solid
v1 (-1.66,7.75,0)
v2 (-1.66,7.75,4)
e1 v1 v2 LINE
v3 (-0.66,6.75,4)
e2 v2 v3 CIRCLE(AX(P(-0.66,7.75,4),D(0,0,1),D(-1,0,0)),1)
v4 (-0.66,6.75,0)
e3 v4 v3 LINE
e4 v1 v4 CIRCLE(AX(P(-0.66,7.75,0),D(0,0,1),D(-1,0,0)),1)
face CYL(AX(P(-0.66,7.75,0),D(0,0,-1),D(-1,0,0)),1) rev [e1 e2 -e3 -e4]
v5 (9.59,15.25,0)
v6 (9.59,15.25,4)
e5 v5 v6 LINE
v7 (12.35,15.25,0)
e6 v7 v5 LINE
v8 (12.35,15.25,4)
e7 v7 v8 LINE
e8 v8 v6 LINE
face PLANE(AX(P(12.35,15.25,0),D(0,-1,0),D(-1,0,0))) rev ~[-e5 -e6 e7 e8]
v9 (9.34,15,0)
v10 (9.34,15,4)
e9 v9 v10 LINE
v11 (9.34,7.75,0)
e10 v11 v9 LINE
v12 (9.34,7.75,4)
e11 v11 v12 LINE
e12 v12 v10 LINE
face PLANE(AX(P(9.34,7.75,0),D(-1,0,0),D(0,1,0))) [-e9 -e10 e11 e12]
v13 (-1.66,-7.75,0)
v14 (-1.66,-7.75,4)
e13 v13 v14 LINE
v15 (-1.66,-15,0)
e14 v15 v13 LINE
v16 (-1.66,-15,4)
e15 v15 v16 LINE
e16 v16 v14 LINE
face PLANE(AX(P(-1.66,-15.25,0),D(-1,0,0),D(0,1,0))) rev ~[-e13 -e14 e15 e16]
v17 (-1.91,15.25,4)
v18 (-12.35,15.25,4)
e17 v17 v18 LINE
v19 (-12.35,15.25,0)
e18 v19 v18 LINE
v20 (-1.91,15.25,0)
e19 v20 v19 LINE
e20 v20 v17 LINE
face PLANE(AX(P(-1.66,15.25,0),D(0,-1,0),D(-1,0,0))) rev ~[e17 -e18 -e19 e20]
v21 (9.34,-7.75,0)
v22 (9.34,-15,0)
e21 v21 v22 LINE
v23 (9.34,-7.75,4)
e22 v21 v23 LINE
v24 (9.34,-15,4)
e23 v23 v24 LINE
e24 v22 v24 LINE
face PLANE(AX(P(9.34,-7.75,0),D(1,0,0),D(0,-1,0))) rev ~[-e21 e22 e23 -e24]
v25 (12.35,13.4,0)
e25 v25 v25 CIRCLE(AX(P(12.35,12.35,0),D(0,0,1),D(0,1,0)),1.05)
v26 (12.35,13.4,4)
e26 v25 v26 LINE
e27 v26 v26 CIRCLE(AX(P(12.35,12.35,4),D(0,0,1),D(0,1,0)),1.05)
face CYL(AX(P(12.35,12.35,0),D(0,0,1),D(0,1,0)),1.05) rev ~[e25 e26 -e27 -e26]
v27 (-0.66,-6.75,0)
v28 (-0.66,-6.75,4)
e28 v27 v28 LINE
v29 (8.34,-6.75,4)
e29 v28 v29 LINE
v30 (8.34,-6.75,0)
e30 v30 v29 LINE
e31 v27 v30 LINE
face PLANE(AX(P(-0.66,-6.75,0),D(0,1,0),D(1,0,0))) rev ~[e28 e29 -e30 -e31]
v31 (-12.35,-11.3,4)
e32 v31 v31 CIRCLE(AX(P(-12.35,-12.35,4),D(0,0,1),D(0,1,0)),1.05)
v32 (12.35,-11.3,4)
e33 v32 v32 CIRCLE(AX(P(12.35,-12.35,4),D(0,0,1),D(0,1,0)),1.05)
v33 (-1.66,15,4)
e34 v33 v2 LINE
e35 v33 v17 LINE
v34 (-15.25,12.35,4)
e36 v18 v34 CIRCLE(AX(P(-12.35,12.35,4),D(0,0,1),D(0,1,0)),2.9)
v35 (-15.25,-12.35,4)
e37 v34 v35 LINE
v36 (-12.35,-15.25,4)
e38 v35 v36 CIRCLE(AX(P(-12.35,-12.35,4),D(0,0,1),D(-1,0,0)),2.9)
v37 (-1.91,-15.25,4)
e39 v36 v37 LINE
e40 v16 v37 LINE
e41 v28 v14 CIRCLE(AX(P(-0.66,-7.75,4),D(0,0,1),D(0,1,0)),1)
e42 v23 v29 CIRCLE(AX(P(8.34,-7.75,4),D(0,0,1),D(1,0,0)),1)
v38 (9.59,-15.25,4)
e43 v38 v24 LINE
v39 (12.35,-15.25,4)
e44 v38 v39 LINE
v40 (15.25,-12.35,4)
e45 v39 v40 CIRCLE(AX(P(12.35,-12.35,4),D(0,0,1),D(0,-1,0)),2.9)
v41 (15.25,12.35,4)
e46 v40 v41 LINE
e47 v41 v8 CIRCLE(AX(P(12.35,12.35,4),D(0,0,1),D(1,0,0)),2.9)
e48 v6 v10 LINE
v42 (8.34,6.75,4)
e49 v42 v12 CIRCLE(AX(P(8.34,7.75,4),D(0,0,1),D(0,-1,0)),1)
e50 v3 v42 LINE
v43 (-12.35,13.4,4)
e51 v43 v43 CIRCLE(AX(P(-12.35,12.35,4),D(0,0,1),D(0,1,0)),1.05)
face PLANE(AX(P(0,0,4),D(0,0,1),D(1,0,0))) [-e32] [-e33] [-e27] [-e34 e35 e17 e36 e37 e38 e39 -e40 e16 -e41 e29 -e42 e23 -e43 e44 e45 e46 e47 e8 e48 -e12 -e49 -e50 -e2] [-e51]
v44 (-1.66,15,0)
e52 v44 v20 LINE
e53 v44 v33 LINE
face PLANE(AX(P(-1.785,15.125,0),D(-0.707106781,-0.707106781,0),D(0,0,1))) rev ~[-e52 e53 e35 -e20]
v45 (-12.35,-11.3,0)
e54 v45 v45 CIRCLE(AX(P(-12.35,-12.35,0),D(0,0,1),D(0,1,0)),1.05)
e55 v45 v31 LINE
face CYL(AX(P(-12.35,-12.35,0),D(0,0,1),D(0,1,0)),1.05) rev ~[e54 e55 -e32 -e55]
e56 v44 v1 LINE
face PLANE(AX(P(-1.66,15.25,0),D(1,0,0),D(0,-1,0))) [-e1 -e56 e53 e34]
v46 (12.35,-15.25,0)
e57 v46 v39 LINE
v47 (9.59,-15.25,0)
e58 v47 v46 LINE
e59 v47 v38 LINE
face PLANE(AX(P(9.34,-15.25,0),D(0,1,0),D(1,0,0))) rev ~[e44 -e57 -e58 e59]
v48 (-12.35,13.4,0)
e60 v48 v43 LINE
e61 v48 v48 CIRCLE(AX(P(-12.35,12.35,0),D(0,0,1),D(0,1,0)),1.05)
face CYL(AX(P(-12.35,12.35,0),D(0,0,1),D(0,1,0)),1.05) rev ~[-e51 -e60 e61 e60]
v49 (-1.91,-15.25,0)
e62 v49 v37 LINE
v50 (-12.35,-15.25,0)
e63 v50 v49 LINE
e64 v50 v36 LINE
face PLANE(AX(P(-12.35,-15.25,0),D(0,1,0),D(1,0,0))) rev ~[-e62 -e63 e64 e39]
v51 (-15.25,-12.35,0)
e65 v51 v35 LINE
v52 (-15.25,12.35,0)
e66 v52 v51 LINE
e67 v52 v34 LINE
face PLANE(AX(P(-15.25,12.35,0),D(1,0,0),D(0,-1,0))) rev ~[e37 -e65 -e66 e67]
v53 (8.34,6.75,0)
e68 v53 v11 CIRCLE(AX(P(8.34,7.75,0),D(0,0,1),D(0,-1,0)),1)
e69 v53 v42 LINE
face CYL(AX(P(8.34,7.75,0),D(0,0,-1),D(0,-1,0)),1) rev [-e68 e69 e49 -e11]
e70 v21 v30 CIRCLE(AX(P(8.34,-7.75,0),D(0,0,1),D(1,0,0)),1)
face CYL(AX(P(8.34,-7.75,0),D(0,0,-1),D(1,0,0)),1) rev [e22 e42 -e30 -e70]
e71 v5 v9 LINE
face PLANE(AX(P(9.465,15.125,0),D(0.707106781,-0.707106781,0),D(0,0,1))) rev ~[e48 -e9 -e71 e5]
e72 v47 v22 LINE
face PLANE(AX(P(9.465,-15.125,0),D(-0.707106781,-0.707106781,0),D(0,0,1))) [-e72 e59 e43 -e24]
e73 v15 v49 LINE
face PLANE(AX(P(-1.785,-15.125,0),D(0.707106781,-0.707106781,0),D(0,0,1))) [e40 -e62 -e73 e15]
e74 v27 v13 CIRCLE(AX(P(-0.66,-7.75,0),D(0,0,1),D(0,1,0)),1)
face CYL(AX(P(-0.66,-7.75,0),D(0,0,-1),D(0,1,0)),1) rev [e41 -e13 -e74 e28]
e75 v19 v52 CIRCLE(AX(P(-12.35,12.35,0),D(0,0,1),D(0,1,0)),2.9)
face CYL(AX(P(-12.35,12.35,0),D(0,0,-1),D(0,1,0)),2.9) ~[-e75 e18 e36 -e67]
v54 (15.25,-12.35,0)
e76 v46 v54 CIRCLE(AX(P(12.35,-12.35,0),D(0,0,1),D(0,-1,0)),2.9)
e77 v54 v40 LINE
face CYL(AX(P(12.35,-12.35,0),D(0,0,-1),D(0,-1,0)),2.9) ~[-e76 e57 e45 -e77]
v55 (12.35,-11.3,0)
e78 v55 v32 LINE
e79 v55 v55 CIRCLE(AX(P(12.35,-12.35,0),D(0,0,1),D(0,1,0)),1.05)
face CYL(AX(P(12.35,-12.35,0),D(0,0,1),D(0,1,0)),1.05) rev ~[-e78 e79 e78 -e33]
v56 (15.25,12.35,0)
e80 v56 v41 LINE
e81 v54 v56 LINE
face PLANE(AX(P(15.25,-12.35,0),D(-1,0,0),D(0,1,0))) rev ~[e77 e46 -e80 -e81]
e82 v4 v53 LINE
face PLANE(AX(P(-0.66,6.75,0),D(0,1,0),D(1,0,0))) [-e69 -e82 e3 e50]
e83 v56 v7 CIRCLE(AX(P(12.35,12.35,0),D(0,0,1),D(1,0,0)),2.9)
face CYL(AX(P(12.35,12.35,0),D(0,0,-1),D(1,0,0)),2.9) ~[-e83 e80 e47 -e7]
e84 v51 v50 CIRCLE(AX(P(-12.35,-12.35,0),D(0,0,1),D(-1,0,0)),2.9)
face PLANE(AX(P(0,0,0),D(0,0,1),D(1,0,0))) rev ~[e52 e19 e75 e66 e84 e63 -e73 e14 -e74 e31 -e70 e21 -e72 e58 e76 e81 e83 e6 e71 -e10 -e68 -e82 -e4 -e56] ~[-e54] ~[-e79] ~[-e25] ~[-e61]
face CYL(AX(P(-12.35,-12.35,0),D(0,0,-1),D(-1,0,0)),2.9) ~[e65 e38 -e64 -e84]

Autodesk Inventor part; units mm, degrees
ref_plane "YZ Plane" through (0, 0, 0) normal (1, 0, 0) x (0, 1, 0)
ref_plane "XZ Plane" through (0, 0, 0) normal (0, 1, 0) x (-1, 0, 0)
ref_plane "XY Plane" through (0, 0, 0) normal (0, 0, 1) x (1, 0, 0)
sketch "スケッチ1" plane through (0, 0, 0) normal (0, 0, 1) x (1, 0, 0)
  line L0 (12.35, 15.25) -> (9.34, 15.25)
  line L1 (-15.25, 12.35) -> (-15.25, -12.35)
  line L2 (-12.35, -15.25) -> (-1.66, -15.25)
  line L3 (15.25, -12.35) -> (15.25, 12.35)
  line L4 (-0.66, 6.75) -> (8.34, 6.75)
  line L5 (9.34, 7.75) -> (9.34, 15.25)
  line L6 (-0.66, -6.75) -> (8.34, -6.75)
  line L7 (9.34, -7.75) -> (9.34, -15.25)
  line L8 (9.34, 15.25) -> (-1.66, 15.25) construction
  line L9 (-1.66, 15.25) -> (-12.35, 15.25)
  line L10 (9.34, -15.25) -> (12.35, -15.25)
  line L11 (-1.66, -15.25) -> (9.34, -15.25) construction
  line L12 (-1.66, 15.25) -> (-1.66, 7.75)
  line L13 (-1.66, -15.25) -> (-1.66, -7.75)
  arc A0 (15.25, 12.35) -> (12.35, 15.25) centre (12.35, 12.35) ccw
  arc A1 (12.35, -15.25) -> (15.25, -12.35) centre (12.35, -12.35) ccw
  arc A2 (-15.25, -12.35) -> (-12.35, -15.25) centre (-12.35, -12.35) ccw
  arc A3 (-12.35, 15.25) -> (-15.25, 12.35) centre (-12.35, 12.35) ccw
  arc A4 (-1.66, 7.75) -> (-0.66, 6.75) centre (-0.66, 7.75) ccw
  arc A5 (8.34, 6.75) -> (9.34, 7.75) centre (8.34, 7.75) ccw
  arc A6 (9.34, -7.75) -> (8.34, -6.75) centre (8.34, -7.75) ccw
  arc A7 (-0.66, -6.75) -> (-1.66, -7.75) centre (-0.66, -7.75) ccw
  line L14 (0, 0) -> (0, -35.1049) construction
  line L15 (0, 0) -> (30.4007, 0) construction
  line L16 (3.84, -9) -> (3.84, -1.2529) construction
  arc A8 (15.35, 12.35) -> (12.35, 15.35) centre (12.35, 12.35) ccw construction
  dimension "d0" = 2.9
  dimension "d1" = 1
  dimension "d14" = 8.5
  dimension "d15" = 11
  dimension "d16" = 3.84
  dimension "d17" = 8.5
  dimension "d21" = 3
extrude "押し出し1" add sketch "スケッチ1" along normal blind 4
hole "穴1" at (12.35, 12.35, 0) at (12.35, -12.35, 0) at (-12.35, -12.35, 0) at (-12.35, 12.35, 0) direction (0, 0, 1) diameter 2.1 end through all
chamfer "面取り1" distance 0.25 angle 45 4 edges at (9.34, 15.25, 2) (-1.66, 15.25, 2) (-1.66, -15.25, 2) (9.34, -15.25, 2)
properties part number "QUIKS_SINGLE_COVER"
